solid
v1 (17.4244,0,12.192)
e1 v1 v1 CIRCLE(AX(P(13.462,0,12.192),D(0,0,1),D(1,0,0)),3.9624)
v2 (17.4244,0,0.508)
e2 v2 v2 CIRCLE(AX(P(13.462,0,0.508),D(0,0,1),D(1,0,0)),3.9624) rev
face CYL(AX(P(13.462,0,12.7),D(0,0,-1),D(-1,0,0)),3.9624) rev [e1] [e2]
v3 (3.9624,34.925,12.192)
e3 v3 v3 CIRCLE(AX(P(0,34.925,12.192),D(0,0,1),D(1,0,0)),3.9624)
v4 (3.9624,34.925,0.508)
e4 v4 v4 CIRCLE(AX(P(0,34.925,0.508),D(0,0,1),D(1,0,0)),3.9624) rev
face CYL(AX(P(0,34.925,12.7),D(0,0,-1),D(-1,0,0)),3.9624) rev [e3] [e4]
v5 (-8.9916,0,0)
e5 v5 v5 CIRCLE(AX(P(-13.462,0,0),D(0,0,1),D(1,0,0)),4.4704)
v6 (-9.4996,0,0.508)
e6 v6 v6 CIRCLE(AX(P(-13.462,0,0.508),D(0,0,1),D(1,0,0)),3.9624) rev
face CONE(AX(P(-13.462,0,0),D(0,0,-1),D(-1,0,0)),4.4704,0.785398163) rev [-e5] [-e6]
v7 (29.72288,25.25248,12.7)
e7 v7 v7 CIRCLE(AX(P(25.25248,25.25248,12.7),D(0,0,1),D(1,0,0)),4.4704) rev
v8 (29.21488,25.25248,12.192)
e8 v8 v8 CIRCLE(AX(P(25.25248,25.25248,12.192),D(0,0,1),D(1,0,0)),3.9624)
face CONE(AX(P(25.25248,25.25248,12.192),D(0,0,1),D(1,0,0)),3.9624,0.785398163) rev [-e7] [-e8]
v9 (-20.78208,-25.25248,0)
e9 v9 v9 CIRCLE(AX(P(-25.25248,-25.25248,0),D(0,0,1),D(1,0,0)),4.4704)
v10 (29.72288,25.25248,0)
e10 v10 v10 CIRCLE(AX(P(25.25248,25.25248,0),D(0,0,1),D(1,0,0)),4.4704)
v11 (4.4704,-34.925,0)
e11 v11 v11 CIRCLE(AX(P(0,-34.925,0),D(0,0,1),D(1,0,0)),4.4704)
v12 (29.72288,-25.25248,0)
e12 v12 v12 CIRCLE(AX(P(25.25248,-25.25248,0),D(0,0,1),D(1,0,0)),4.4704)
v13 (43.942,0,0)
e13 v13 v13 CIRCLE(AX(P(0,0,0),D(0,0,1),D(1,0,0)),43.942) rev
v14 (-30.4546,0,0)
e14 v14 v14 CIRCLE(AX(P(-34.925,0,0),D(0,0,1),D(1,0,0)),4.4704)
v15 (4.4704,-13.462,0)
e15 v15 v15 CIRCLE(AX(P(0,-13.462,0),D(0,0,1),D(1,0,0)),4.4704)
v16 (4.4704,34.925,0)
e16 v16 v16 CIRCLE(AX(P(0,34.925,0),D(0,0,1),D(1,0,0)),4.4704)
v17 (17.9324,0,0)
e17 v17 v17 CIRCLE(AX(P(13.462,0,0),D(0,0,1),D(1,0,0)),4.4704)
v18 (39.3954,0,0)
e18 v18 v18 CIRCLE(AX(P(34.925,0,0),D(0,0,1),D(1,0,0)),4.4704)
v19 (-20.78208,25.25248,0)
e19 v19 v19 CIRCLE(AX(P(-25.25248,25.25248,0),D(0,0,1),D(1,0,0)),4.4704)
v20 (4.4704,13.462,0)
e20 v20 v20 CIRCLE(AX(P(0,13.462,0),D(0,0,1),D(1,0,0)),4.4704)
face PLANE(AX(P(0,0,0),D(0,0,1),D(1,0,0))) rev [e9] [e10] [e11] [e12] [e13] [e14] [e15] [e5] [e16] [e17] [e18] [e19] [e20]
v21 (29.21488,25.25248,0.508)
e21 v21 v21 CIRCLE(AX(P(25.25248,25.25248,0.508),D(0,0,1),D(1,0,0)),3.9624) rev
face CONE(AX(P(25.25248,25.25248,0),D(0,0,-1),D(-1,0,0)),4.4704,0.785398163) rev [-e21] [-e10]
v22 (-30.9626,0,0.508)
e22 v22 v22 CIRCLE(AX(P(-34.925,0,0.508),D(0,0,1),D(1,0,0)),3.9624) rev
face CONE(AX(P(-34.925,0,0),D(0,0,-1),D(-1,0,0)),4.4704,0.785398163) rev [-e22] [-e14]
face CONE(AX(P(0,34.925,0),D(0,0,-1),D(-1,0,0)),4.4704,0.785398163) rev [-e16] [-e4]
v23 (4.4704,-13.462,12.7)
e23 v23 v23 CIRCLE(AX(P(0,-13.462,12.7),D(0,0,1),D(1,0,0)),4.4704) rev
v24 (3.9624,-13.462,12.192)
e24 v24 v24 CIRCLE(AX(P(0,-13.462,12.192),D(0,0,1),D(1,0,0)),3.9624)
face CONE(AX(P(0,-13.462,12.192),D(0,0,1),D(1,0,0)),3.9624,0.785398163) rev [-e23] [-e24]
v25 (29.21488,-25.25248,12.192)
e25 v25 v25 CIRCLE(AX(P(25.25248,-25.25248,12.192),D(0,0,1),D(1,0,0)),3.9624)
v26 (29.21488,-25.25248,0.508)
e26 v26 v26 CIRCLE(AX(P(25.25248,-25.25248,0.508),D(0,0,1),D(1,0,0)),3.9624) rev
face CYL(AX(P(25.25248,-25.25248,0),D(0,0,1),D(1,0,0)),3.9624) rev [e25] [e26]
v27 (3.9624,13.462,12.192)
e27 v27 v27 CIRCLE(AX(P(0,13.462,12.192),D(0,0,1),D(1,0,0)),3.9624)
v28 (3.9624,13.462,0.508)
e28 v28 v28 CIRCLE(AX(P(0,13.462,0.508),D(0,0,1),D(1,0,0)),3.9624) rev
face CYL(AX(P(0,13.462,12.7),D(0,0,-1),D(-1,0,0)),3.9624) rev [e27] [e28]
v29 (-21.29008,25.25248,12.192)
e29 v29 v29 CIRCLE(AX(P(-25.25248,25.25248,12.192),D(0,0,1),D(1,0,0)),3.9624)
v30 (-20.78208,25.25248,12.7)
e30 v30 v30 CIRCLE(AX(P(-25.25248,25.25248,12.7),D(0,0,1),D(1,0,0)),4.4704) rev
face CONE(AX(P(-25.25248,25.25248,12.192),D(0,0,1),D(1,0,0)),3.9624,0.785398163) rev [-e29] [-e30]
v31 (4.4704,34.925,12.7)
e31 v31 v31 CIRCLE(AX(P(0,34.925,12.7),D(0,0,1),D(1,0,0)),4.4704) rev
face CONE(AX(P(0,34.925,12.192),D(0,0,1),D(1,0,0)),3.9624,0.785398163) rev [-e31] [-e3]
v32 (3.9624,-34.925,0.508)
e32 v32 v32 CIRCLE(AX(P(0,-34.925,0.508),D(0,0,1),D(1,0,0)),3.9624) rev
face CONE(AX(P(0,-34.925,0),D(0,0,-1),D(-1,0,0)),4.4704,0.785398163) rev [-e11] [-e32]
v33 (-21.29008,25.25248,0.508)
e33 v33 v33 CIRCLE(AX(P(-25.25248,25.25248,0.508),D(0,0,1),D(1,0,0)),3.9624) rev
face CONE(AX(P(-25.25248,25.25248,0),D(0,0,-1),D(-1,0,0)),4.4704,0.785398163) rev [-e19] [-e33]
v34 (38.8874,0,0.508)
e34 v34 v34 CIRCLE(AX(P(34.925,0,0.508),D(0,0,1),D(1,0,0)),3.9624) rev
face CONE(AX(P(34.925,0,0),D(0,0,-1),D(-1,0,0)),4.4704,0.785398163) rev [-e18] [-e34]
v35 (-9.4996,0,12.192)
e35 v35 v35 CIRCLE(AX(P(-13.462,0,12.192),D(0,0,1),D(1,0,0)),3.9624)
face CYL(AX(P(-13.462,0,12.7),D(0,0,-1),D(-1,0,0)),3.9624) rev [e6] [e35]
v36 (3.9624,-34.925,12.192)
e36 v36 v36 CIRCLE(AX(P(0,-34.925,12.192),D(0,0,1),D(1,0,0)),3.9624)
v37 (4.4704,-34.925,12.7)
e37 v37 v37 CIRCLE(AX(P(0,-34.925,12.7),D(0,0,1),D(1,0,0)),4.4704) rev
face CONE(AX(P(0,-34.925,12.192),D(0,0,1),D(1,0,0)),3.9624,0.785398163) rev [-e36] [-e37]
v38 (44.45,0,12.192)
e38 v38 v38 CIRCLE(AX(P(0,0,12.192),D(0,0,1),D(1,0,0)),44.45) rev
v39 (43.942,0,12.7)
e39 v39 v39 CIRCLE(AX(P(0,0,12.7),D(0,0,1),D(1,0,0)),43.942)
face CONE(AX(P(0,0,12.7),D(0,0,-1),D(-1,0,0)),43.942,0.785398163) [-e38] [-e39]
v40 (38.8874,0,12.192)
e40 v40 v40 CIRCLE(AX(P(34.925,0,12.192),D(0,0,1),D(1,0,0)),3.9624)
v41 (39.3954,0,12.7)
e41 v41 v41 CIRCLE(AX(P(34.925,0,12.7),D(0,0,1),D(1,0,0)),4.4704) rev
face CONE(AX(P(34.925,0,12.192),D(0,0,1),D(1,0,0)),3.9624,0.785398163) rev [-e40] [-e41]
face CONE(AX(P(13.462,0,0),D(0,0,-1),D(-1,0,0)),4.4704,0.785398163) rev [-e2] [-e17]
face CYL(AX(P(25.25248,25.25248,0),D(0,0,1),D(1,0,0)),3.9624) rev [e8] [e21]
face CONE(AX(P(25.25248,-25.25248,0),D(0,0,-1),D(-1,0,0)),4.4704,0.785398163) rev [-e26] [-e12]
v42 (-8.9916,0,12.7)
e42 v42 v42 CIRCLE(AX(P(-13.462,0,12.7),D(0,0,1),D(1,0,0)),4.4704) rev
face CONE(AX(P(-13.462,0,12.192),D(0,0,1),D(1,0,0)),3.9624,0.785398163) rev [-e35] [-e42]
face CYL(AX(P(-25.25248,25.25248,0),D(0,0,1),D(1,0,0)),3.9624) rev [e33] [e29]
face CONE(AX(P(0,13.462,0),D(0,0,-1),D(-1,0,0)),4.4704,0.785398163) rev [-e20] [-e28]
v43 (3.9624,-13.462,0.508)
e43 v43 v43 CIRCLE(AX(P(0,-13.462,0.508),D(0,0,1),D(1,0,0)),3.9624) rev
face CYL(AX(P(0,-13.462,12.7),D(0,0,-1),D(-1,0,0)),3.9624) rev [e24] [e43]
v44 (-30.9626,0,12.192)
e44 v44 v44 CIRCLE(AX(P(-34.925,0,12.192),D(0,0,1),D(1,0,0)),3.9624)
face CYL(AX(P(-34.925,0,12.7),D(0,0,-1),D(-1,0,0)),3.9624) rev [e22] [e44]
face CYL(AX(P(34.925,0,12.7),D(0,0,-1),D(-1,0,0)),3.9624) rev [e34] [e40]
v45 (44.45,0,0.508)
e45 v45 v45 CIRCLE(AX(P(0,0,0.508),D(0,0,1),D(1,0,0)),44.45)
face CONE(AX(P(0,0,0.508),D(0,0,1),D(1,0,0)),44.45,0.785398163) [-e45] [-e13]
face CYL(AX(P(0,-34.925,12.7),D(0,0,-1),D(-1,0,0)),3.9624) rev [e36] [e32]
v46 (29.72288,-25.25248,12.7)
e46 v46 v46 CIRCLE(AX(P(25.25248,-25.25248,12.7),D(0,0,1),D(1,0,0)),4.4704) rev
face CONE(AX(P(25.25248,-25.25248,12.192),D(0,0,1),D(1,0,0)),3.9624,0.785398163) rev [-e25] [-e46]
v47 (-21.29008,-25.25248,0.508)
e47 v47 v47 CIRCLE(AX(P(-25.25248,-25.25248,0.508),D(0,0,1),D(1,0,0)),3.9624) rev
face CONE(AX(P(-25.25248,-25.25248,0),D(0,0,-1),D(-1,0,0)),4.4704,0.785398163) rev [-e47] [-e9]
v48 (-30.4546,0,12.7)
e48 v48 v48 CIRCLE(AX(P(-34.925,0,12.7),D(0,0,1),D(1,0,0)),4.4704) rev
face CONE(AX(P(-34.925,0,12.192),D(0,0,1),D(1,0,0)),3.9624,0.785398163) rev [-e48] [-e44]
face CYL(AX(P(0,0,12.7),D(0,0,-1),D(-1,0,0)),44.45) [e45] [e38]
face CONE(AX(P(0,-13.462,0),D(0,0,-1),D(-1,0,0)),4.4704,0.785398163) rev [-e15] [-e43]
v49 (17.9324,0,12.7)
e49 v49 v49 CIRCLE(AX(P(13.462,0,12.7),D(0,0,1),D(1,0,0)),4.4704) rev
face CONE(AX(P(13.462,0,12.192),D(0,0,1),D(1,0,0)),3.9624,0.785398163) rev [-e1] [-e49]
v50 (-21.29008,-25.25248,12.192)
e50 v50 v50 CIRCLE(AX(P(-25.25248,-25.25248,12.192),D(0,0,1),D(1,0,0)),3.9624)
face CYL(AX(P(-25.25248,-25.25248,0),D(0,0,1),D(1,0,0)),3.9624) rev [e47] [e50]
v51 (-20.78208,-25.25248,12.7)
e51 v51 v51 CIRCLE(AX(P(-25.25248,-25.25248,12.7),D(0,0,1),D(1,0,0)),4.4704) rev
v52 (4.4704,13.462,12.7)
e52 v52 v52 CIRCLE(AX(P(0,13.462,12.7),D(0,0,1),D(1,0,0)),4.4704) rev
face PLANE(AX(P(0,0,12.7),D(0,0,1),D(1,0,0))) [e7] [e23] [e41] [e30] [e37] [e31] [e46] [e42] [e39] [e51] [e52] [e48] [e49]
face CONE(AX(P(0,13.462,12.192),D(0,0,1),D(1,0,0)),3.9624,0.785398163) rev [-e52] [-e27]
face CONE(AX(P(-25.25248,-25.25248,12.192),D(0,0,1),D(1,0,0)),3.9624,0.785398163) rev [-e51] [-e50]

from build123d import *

# Parameters (mm, degrees)
SKETCH1_R          = 44.45
EXTRUDE1_DEPTH     = 12.7
SKETCH2_R          = 3.9624
CUT_EXTRUDE3_DEPTH = 13.7
SKETCH3_R          = 3.9624
CUT_EXTRUDE4_DEPTH = 13.7
CIRPATTERN1_COUNT  = 4
CHAMFER1_SIZE      = 0.508
SKETCH4_R          = 3.9624
CUT_EXTRUDE8_DEPTH = 13.7
CIRPATTERN3_COUNT  = 4
CHAMFER2_SIZE      = 0.508
CHAMFER3_SIZE      = 0.508


with BuildPart() as part:
    # Sketch1 → Extrude1 (new body)
    with BuildSketch(Plane.XY):
        Circle(SKETCH1_R)
    extrude(amount=EXTRUDE1_DEPTH)

    # Sketch2 → Cut-Extrude3 (cut, through all)
    with BuildSketch(Plane.XY):
        with Locations((0, 13.462)):
            Circle(SKETCH2_R)
        with Locations((13.462, 0)):
            Circle(SKETCH2_R)
        with Locations((0, -13.462)):
            Circle(SKETCH2_R)
        with Locations((-13.462, 0)):
            Circle(SKETCH2_R)
    extrude(amount=CUT_EXTRUDE3_DEPTH, mode=Mode.SUBTRACT)

    # Sketch3 → Cut-Extrude4 (cut, through all)
    with BuildSketch(Plane.XY):
        with Locations((0, -34.925)):
            Circle(SKETCH3_R)
    cut_extrude4 = extrude(amount=CUT_EXTRUDE4_DEPTH, mode=Mode.SUBTRACT)

    # CirPattern1: Cut-Extrude4 ×4 about axis
    cirpattern1_axis = Axis((0, 0, 0), (0, 0, 1))
    for i in range(1, CIRPATTERN1_COUNT):
        add(cut_extrude4.rotate(cirpattern1_axis, i * 360 / CIRPATTERN1_COUNT), mode=Mode.SUBTRACT)

    # Chamfer1
    chamfer1_edges = [part.edges().sort_by_distance(p)[0] for p in [
        (-3.9624, 13.462, 0),
        (-3.9624, 13.462, 12.7),
        (9.4996, 0, 12.7),
        (-3.9624, -13.462, 12.7),
        (-3.9624, -34.925, 0),
        (-3.9624, -34.925, 12.7),
        (34.925, -3.9624, 0),
        (34.925, -3.9624, 12.7),
        (3.9624, 34.925, 0),
        (3.9624, 34.925, 12.7),
        (-34.925, 3.9624, 0),
        (-34.925, 3.9624, 12.7),
        (-17.4244, 0, 12.7),
    ]]
    chamfer(chamfer1_edges, length=CHAMFER1_SIZE)

    # Sketch4 → Cut-Extrude8 (cut, through all)
    with BuildSketch(Plane.XY.offset(12.7)):
        with Locations((-25.252480212, -25.252480212)):
            Circle(SKETCH4_R)
    cut_extrude8 = extrude(amount=-CUT_EXTRUDE8_DEPTH, mode=Mode.SUBTRACT)

    # CirPattern3: Cut-Extrude8 ×4 about axis
    cirpattern3_axis = Axis((0, 0, 0), (0, 0, 1))
    for i in range(1, CIRPATTERN3_COUNT):
        add(cut_extrude8.rotate(cirpattern3_axis, i * 360 / CIRPATTERN3_COUNT), mode=Mode.SUBTRACT)

    # Chamfer2
    chamfer2_edges = [part.edges().sort_by_distance(p)[0] for p in [
        (9.4996, 0, 0),
        (-3.9624, -13.462, 0),
        (-17.4244, 0, 0),
        (-29.214880212, -25.252480212, 0),
        (-29.214880212, -25.252480212, 12.7),
        (25.252480212, -29.214880212, 0),
        (25.252480212, -29.214880212, 12.7),
        (29.214880212, 25.252480212, 0),
        (29.214880212, 25.252480212, 12.7),
        (-25.252480212, 29.214880212, 0),
        (-25.252480212, 29.214880212, 12.7),
    ]]
    chamfer(chamfer2_edges, length=CHAMFER2_SIZE)

    # Chamfer3
    chamfer3_edges = [part.edges().sort_by_distance(p)[0] for p in [
        (-44.45, 0, 0),
        (-44.45, 0, 12.7),
    ]]
    chamfer(chamfer3_edges, length=CHAMFER3_SIZE)


solid = part.part
